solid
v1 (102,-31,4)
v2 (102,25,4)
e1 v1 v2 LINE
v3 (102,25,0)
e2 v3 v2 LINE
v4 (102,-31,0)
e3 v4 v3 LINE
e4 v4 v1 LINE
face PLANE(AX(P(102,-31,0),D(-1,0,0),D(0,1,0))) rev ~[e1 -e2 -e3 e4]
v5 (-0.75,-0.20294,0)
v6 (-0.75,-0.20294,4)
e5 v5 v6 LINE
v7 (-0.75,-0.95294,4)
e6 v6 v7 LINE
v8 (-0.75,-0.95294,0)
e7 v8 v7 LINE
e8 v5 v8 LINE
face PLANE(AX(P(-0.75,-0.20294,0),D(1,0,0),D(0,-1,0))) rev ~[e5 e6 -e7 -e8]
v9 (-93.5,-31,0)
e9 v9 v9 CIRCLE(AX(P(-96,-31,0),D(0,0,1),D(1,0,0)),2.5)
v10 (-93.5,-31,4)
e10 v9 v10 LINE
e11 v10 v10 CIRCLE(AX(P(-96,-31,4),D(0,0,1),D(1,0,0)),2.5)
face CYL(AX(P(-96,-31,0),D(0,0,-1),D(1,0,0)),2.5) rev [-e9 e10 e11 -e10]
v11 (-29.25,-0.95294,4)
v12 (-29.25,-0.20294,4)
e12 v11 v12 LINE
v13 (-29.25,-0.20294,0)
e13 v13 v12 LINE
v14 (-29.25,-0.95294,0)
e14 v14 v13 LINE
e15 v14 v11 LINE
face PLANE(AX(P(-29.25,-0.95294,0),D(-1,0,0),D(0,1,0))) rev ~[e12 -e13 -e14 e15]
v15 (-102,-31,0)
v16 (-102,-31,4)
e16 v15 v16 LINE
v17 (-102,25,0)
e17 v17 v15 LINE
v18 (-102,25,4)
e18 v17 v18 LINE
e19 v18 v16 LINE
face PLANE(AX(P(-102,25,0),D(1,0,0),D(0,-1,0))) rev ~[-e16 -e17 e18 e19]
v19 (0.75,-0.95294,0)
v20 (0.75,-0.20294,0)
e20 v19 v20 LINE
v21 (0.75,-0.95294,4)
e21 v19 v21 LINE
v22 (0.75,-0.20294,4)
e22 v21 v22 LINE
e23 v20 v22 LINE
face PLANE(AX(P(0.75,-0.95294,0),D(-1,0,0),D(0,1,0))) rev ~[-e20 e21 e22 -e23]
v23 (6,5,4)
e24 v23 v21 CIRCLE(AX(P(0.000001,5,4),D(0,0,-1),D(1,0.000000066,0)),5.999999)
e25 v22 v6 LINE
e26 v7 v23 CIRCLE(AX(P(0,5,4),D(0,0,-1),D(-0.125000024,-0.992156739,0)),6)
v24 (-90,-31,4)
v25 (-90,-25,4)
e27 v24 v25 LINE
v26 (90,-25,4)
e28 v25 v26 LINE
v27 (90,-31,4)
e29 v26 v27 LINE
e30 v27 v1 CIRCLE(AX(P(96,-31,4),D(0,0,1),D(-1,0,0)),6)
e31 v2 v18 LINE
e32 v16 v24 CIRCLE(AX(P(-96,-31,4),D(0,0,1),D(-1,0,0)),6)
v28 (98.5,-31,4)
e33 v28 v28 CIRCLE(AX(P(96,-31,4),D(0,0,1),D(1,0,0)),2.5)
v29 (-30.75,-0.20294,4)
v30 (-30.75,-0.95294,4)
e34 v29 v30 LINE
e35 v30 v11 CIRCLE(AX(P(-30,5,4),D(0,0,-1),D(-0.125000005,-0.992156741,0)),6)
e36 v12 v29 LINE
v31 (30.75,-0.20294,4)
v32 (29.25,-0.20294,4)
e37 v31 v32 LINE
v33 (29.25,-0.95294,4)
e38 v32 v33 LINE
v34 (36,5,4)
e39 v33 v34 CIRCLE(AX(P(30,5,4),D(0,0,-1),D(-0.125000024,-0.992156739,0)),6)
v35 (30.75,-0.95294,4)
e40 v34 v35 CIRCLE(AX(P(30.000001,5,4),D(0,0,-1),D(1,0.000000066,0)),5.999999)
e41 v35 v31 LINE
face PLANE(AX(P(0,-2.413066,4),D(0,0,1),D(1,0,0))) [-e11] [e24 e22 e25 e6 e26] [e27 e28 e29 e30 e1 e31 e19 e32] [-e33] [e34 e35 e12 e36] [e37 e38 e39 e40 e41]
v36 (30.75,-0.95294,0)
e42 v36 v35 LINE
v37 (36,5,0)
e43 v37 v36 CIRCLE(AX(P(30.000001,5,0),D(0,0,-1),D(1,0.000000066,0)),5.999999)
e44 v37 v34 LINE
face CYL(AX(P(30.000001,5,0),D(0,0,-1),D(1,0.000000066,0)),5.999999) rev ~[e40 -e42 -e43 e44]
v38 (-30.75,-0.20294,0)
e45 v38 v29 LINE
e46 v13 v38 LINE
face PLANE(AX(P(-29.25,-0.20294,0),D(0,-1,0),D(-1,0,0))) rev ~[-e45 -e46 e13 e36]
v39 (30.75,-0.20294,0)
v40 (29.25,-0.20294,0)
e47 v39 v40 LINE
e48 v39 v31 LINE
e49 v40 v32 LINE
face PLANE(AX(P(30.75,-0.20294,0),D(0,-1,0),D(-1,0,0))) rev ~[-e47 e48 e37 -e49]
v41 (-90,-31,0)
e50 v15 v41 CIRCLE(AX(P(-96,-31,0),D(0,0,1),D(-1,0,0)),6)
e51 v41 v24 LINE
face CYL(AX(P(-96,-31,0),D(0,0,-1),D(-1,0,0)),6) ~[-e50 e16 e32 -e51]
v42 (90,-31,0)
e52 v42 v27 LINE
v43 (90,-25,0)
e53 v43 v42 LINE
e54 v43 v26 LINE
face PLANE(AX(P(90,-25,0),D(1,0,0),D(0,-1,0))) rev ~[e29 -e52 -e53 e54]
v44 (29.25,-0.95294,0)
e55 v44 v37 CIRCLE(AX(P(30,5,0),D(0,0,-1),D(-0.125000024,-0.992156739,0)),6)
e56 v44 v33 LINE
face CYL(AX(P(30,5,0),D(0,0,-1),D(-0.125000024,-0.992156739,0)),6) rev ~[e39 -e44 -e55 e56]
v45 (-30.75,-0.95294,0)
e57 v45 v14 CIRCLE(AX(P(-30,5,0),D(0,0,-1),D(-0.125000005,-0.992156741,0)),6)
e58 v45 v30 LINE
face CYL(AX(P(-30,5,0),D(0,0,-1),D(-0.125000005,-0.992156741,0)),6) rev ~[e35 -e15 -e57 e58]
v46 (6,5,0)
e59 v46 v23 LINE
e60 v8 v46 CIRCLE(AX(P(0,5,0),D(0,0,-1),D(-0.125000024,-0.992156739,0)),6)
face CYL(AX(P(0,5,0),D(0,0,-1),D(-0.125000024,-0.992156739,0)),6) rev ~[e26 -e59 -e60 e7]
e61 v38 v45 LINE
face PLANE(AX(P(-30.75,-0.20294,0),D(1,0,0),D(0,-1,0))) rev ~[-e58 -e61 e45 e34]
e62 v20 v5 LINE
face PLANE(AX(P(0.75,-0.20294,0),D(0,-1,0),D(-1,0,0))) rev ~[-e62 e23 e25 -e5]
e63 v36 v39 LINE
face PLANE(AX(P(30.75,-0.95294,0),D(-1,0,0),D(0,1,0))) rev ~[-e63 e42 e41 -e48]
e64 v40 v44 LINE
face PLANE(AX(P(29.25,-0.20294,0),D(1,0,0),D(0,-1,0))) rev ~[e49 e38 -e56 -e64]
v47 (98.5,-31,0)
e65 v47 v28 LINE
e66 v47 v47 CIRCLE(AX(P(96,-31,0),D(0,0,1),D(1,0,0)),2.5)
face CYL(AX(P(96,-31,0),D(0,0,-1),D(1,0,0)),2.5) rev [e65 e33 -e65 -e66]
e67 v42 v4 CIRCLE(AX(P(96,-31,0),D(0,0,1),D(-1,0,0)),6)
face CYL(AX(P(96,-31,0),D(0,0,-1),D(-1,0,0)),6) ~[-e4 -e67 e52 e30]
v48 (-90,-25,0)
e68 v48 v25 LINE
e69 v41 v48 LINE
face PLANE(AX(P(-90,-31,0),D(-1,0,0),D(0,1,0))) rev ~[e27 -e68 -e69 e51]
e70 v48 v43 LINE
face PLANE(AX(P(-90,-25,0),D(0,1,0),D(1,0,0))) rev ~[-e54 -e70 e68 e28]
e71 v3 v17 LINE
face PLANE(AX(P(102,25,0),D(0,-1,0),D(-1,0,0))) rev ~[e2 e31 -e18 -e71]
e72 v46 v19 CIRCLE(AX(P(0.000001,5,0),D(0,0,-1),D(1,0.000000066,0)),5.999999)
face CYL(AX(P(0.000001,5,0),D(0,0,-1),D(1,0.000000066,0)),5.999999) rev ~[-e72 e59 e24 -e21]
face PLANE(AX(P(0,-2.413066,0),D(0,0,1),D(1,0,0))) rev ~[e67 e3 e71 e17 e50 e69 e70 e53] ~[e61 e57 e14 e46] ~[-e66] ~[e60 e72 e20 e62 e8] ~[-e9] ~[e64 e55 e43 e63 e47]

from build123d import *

# Parameters (mm, degrees)
F0_R     = 2.5
F1_DEPTH = 4


with BuildPart() as f1:
    # F0 (on Top) → F1 (new body)
    with BuildSketch(Plane.XY):
        with BuildLine():
            Line((102, 25), (-102, 25))
            Line((-102, 25), (-102, -25))
            Line((-102, -25), (-102, -31))
            ThreePointArc((-102, -31), (-96, -37), (-90, -31))
            Line((-90, -31), (-90, -25))
            Line((-90, -25), (90, -25))
            Line((90, -25), (90, -31))
            ThreePointArc((90, -31), (96, -37), (102, -31))
            Line((102, -31), (102, -25))
            Line((102, -25), (102, 25))
        make_face()
        with Locations((-96, -31)):
            Circle(F0_R, mode=Mode.SUBTRACT)
        with Locations((96, -31)):
            Circle(F0_R, mode=Mode.SUBTRACT)
        with BuildLine():
            ThreePointArc((-30.75, -0.95294), (-30, 11), (-29.25, -0.95294))
            Line((-29.25, -0.95294), (-29.25, -0.20294))
            Line((-29.25, -0.20294), (-30.75, -0.20294))
            Line((-30.75, -0.20294), (-30.75, -0.95294))
        make_face(mode=Mode.SUBTRACT)
        with BuildLine():
            ThreePointArc((-0.75, -0.95294), (-3.968627, 9.5), (6, 5))
            ThreePointArc((6, 5), (4.5, 1.031373), (0.75, -0.95294))
            ThreePointArc((0.75, -0.95294), (0, -1), (-0.75, -0.95294))
        make_face(mode=Mode.SUBTRACT)
        with BuildLine():
            ThreePointArc((29.25, -0.95294), (26.031373, 9.5), (36, 5))
            ThreePointArc((36, 5), (34.5, 1.031373), (30.75, -0.95294))
            ThreePointArc((30.75, -0.95294), (30, -1), (29.25, -0.95294))
        make_face(mode=Mode.SUBTRACT)
        with BuildLine():
            Line((-0.75, -0.20294), (-0.75, -0.95294))
            ThreePointArc((-0.75, -0.95294), (0, -1), (0.75, -0.95294))
            Line((0.75, -0.95294), (0.75, -0.20294))
            Line((0.75, -0.20294), (-0.75, -0.20294))
        make_face()
        with BuildLine():
            Line((29.25, -0.20294), (29.25, -0.95294))
            ThreePointArc((29.25, -0.95294), (30, -1), (30.75, -0.95294))
            Line((30.75, -0.95294), (30.75, -0.20294))
            Line((30.75, -0.20294), (29.25, -0.20294))
        make_face()
    extrude(amount=F1_DEPTH)


solid = f1.part
